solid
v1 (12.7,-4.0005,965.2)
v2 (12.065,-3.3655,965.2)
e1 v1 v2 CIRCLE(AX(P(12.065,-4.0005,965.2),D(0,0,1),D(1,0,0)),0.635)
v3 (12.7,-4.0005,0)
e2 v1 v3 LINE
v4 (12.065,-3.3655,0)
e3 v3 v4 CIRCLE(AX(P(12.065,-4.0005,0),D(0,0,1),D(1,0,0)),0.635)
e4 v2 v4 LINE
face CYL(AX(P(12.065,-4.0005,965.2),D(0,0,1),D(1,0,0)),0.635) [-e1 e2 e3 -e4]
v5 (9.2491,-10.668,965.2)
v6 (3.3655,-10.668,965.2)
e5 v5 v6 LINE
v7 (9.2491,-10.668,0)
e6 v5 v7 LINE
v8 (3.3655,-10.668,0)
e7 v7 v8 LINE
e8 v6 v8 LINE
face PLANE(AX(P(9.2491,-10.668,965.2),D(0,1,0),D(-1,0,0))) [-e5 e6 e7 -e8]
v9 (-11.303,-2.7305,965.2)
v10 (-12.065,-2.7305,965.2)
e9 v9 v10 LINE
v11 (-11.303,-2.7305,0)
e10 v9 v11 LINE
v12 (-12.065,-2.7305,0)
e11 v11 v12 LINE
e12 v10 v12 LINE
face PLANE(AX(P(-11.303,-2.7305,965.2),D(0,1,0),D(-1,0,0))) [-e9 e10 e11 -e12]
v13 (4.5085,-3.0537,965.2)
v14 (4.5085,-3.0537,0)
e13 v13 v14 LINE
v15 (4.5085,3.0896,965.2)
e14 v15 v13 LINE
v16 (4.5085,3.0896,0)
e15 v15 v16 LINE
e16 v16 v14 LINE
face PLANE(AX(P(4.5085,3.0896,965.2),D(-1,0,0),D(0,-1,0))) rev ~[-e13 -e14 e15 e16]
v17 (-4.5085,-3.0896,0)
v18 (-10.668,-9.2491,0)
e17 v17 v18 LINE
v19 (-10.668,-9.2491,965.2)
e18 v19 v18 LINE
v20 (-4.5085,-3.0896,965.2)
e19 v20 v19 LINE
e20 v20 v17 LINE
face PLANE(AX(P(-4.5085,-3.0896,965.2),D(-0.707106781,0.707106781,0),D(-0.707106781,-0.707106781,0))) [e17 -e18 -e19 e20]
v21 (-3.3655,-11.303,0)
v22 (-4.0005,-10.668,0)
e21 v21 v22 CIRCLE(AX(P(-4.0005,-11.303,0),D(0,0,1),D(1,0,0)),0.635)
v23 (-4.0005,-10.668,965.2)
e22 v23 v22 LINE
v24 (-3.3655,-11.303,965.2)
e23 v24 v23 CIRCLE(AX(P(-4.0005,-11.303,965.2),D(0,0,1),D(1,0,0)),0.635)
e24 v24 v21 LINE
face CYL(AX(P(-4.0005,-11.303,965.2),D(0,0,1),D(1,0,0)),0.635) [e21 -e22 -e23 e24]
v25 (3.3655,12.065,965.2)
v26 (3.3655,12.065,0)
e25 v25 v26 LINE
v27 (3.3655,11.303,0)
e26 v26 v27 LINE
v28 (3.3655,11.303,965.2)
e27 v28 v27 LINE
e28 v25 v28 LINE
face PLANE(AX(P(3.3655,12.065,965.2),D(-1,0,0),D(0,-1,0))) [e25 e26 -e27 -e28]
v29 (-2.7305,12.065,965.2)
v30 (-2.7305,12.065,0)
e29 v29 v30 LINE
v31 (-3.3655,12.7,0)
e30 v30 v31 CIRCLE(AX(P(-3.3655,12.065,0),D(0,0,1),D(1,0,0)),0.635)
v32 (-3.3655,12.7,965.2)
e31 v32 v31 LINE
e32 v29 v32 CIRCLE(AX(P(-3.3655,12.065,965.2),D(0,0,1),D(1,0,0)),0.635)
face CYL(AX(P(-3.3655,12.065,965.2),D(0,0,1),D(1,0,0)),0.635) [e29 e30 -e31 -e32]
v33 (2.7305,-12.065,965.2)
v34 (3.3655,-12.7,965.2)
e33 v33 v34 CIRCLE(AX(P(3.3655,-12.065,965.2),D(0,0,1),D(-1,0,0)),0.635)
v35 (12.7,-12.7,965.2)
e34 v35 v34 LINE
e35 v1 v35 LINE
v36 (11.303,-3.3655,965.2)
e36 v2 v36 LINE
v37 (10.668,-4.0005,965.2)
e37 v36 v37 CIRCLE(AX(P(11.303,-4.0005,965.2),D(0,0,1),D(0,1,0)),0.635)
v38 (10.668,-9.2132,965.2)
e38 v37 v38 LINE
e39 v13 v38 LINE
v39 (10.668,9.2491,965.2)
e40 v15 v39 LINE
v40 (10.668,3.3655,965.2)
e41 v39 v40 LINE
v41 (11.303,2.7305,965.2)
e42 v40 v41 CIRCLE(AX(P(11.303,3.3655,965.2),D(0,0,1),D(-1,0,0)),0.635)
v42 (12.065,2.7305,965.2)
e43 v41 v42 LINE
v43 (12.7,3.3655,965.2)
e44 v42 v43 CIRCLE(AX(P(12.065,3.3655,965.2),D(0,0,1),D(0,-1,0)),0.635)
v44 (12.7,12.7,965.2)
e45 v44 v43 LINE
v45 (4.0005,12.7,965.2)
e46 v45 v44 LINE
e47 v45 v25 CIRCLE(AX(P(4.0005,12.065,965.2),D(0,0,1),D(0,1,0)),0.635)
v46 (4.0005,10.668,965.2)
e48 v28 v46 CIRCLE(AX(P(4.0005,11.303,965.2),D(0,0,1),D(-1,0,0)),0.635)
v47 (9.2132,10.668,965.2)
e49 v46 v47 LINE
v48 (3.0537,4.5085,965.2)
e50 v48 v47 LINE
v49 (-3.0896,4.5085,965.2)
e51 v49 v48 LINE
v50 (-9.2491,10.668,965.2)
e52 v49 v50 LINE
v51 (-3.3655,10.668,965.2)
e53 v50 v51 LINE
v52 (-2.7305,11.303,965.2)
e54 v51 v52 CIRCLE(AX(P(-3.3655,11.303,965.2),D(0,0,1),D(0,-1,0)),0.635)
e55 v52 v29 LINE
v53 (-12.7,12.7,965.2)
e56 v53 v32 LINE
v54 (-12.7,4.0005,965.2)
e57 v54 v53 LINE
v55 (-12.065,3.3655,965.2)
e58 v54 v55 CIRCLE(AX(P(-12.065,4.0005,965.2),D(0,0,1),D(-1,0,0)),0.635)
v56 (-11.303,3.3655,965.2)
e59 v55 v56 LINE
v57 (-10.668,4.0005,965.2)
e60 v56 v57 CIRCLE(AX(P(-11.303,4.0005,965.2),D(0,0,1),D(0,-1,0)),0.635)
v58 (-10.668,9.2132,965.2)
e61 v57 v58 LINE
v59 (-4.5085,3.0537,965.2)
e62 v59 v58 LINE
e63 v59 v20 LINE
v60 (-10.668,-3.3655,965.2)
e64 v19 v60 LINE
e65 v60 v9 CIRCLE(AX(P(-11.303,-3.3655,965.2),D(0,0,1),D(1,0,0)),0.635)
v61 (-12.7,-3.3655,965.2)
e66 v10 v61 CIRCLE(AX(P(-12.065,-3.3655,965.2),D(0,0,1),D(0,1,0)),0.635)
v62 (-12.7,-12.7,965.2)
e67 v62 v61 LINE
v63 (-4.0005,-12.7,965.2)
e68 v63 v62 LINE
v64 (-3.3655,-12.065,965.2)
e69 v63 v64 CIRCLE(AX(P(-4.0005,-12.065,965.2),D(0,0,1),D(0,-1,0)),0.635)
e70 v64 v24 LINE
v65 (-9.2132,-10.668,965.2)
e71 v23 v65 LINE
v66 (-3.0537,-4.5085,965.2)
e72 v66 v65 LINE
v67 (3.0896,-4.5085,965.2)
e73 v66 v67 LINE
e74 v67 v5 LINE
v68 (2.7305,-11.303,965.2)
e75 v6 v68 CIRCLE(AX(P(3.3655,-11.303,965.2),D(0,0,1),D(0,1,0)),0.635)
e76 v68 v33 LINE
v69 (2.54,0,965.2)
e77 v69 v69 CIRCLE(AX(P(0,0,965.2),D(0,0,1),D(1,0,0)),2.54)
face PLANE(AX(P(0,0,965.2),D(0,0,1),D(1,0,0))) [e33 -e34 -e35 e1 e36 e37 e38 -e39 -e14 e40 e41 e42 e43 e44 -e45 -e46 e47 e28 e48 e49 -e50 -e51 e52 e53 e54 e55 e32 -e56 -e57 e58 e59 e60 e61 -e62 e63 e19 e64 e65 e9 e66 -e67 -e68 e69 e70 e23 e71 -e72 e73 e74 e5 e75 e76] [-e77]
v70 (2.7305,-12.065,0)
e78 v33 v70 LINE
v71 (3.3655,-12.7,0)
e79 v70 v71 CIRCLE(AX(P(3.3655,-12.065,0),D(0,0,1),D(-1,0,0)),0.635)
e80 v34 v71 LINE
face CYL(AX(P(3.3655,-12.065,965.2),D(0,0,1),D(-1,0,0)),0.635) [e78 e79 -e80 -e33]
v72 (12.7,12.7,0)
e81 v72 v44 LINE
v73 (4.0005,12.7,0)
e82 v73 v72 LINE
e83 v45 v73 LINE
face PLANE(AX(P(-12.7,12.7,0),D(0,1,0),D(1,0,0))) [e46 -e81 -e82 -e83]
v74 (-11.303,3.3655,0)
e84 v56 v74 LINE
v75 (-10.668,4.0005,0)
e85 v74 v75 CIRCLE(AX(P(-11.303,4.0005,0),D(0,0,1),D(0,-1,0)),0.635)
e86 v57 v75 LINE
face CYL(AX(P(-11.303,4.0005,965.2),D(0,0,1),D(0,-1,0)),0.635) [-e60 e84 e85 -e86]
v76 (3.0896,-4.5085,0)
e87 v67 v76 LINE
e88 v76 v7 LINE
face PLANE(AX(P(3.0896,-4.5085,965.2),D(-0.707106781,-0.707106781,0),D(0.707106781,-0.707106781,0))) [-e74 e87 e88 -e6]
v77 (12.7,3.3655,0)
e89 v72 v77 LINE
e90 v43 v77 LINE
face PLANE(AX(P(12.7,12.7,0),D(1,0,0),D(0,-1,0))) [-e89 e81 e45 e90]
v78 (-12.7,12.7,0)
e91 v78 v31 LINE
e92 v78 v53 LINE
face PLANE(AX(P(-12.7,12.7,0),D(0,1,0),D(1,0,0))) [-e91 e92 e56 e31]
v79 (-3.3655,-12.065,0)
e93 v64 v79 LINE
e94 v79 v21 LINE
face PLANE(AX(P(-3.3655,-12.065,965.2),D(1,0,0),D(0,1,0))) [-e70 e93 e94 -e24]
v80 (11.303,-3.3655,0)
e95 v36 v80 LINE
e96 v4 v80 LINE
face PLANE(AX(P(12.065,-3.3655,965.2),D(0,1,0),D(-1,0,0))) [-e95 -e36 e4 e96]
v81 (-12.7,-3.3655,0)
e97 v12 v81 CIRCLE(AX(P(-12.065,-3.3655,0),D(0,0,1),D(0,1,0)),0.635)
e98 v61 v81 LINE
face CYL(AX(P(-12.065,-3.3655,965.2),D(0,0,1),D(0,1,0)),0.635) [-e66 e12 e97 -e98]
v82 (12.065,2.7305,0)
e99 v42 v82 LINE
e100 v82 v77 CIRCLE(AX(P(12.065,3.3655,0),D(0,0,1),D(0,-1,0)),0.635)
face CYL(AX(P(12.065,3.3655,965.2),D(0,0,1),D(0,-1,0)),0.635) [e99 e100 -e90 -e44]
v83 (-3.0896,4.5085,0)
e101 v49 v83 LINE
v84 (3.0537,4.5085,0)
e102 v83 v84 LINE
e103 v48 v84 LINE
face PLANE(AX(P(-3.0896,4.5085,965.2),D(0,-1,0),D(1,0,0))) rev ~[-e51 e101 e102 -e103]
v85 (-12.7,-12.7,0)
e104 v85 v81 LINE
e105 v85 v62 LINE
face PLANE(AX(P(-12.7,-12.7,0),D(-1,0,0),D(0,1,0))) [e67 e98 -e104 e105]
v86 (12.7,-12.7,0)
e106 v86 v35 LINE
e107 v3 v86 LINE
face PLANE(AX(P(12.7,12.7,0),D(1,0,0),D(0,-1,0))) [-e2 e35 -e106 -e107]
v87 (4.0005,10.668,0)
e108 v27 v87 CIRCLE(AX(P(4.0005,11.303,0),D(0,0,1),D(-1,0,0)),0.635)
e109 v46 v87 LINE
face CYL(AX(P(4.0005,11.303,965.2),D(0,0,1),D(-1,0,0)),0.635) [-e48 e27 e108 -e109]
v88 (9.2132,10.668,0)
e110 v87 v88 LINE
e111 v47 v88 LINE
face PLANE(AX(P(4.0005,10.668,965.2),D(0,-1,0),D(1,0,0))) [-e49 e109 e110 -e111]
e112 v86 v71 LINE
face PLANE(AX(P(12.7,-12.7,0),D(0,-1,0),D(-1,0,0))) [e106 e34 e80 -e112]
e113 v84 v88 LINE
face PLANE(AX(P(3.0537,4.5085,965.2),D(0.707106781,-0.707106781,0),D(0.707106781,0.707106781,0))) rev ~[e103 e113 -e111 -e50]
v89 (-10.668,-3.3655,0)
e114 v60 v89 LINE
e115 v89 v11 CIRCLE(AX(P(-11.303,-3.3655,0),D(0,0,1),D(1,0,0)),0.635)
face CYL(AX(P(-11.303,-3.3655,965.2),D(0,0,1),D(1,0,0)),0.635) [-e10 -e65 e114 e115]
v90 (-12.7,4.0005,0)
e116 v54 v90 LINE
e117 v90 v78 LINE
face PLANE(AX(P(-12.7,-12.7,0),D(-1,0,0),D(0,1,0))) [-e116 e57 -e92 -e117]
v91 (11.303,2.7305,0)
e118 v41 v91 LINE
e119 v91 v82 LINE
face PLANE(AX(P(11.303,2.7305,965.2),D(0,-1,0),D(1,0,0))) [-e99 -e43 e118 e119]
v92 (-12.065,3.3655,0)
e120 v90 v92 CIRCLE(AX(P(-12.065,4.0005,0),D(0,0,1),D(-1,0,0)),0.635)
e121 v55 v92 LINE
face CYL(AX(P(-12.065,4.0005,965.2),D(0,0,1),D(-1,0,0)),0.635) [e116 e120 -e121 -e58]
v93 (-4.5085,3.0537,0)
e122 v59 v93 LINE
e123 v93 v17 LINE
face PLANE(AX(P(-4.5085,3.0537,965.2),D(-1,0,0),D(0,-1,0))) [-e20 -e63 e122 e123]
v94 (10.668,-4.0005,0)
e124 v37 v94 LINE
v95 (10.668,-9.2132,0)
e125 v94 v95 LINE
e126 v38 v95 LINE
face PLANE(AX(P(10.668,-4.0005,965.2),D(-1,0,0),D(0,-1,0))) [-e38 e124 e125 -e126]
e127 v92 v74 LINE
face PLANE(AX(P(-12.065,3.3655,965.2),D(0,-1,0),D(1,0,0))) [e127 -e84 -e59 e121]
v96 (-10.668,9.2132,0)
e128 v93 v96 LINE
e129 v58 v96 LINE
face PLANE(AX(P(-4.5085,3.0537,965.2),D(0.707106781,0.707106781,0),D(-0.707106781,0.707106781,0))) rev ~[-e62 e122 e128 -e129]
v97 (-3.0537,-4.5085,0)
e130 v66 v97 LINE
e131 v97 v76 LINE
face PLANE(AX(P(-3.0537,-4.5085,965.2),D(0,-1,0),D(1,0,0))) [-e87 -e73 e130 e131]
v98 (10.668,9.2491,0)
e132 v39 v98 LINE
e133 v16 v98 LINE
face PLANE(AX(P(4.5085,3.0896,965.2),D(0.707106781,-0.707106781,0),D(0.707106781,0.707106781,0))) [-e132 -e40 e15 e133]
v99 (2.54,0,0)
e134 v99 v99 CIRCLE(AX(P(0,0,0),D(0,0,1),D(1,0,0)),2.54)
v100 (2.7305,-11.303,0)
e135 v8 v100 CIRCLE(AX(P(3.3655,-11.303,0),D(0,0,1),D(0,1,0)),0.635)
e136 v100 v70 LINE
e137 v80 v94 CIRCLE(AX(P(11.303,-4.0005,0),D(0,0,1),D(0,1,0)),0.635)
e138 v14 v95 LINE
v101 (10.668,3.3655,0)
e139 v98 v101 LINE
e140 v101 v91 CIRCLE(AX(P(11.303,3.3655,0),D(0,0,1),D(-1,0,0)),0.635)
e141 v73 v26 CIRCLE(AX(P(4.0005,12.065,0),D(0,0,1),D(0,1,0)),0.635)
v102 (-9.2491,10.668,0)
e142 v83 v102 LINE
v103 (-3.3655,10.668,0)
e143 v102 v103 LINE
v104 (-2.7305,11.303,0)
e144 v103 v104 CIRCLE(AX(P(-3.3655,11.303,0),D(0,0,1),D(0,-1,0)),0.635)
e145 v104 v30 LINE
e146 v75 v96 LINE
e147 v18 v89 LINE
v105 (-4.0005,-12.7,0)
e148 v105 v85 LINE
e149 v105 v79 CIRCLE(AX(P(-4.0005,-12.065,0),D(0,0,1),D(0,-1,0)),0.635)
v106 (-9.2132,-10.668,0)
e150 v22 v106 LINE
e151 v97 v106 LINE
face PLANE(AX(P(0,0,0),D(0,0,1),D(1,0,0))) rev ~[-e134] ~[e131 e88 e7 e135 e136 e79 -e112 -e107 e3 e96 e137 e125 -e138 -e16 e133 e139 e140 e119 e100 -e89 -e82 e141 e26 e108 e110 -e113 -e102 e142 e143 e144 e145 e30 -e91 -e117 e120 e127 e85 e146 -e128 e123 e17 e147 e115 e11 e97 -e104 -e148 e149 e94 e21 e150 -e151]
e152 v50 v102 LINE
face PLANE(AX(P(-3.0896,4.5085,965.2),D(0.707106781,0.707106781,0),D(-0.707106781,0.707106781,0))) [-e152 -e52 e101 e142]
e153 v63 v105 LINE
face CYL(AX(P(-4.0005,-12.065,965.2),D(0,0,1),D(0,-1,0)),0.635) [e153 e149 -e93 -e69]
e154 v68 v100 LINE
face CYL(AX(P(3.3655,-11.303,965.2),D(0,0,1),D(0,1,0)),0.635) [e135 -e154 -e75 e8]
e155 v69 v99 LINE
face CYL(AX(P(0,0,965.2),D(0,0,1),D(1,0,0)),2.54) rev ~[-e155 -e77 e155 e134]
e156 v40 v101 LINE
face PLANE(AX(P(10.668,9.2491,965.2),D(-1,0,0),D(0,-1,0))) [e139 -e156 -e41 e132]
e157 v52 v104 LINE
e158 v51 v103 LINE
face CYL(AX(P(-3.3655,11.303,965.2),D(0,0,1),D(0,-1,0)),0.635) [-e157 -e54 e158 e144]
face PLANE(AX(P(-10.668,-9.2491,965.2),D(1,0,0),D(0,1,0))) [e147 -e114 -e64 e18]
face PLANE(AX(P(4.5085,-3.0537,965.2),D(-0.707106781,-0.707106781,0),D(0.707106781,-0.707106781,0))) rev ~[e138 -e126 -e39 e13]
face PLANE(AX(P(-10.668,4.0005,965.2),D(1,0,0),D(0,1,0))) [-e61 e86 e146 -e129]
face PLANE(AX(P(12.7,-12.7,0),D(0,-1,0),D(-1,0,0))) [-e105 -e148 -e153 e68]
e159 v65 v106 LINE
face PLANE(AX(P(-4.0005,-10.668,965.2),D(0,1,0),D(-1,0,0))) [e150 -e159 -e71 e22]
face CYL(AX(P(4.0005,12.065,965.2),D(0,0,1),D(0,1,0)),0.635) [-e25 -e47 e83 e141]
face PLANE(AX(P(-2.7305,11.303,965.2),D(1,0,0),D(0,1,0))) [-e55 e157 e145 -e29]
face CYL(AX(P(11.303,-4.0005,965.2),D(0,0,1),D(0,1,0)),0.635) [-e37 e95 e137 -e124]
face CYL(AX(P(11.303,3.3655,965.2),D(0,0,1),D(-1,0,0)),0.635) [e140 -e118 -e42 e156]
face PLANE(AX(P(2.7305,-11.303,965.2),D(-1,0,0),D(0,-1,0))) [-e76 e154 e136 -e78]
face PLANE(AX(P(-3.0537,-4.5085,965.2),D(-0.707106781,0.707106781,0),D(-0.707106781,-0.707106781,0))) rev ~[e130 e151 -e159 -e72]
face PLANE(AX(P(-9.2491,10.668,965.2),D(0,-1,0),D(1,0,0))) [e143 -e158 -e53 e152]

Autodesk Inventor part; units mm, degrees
ref_plane "YZ Plane" through (0, 0, 0) normal (1, 0, 0) x (0, 1, 0)
ref_plane "XZ Plane" through (0, 0, 0) normal (0, 1, 0) x (-1, 0, 0)
ref_plane "XY Plane" through (0, 0, 0) normal (0, 0, 1) x (1, 0, 0)
sketch "Sketch1" plane through (0, 0, 0) normal (0, 0, 1) x (1, 0, 0)
  line L0 (-12.7, 12.7) -> (12.7, 12.7)
  line L1 (12.7, 12.7) -> (12.7, -12.7)
  line L2 (12.7, -12.7) -> (-12.7, -12.7)
  line L3 (-12.7, -12.7) -> (-12.7, 12.7)
  point P0 (0, 0)
  dimension "d0" = 25.4
  dimension "d1" = 25.4
  dimension "d2" = 12.7
  dimension "d3" = 12.7
extrude "Extrusion1" add sketch "Sketch1" along normal blind 965.2
sketch "Sketch2" plane through (0, 0, 965.2) normal (0, 0, 1) x (1, 0, 0)
  circle A0 centre (0, 0) radius 2.54
  line L0 (-4.5085, 4.5085) -> (4.5085, 4.5085)
  line L1 (-4.5085, -4.5085) -> (4.5085, -4.5085)
  line L2 (4.5085, 4.5085) -> (4.5085, -4.5085)
  line L3 (-4.5085, 4.5085) -> (-4.5085, -4.5085)
  line L4 (-3.0896, 4.5085) -> (-11.2811, 12.7)
  line L5 (-4.5085, 3.0537) -> (-12.7, 11.2452)
  line L6 (12.7, 12.7) -> (-12.7, 12.7) projected
  line L7 (-12.7, 12.7) -> (-12.7, 4.0005)
  line L8 (-10.668, 4.0005) -> (-10.668, 9.2132)
  line L9 (-9.2491, 10.668) -> (-3.3655, 10.668)
  line L10 (-12.7, 12.7) -> (-3.3655, 12.7)
  line L11 (-2.7305, 11.303) -> (-2.7305, 12.065)
  line L12 (-12.065, 3.3655) -> (-11.303, 3.3655)
  arc A1 (-12.7, 4.0005) -> (-12.065, 3.3655) centre (-12.065, 4.0005) ccw
  arc A2 (-11.303, 3.3655) -> (-10.668, 4.0005) centre (-11.303, 4.0005) ccw
  arc A3 (-3.3655, 10.668) -> (-2.7305, 11.303) centre (-3.3655, 11.303) ccw
  arc A4 (-2.7305, 12.065) -> (-3.3655, 12.7) centre (-3.3655, 12.065) ccw
  arc A5 (-3.3655, -11.303) -> (-4.0005, -10.668) centre (-4.0005, -11.303) ccw
  line L13 (-3.3655, -12.065) -> (-3.3655, -11.303)
  arc A6 (-4.0005, -12.7) -> (-3.3655, -12.065) centre (-4.0005, -12.065) ccw
  line L14 (-3.0537, -4.5085) -> (-11.2452, -12.7)
  line L15 (-10.668, -9.2491) -> (-10.668, -3.3655)
  line L16 (-4.5085, -3.0896) -> (-12.7, -11.2811)
  line L17 (-12.7, -12.7) -> (-12.7, -3.3655)
  arc A7 (-10.668, -3.3655) -> (-11.303, -2.7305) centre (-11.303, -3.3655) ccw
  line L18 (-11.303, -2.7305) -> (-12.065, -2.7305)
  arc A8 (-12.065, -2.7305) -> (-12.7, -3.3655) centre (-12.065, -3.3655) ccw
  line L19 (-4.0005, -10.668) -> (-9.2132, -10.668)
  line L20 (-12.7, -12.7) -> (-4.0005, -12.7)
  arc A9 (11.303, -3.3655) -> (10.668, -4.0005) centre (11.303, -4.0005) ccw
  line L21 (12.065, -3.3655) -> (11.303, -3.3655)
  arc A10 (12.7, -4.0005) -> (12.065, -3.3655) centre (12.065, -4.0005) ccw
  line L22 (4.5085, -3.0537) -> (12.7, -11.2452)
  line L23 (9.2491, -10.668) -> (3.3655, -10.668)
  line L24 (3.0896, -4.5085) -> (11.2811, -12.7)
  line L25 (12.7, -12.7) -> (3.3655, -12.7)
  arc A11 (3.3655, -10.668) -> (2.7305, -11.303) centre (3.3655, -11.303) ccw
  line L26 (2.7305, -11.303) -> (2.7305, -12.065)
  arc A12 (2.7305, -12.065) -> (3.3655, -12.7) centre (3.3655, -12.065) ccw
  line L27 (10.668, -4.0005) -> (10.668, -9.2132)
  line L28 (12.7, -12.7) -> (12.7, -4.0005)
  arc A13 (3.3655, 11.303) -> (4.0005, 10.668) centre (4.0005, 11.303) ccw
  line L29 (3.3655, 12.065) -> (3.3655, 11.303)
  arc A14 (4.0005, 12.7) -> (3.3655, 12.065) centre (4.0005, 12.065) ccw
  line L30 (3.0537, 4.5085) -> (11.2452, 12.7)
  line L31 (10.668, 9.2491) -> (10.668, 3.3655)
  line L32 (4.5085, 3.0896) -> (12.7, 11.2811)
  line L33 (12.7, 12.7) -> (12.7, 3.3655)
  arc A15 (10.668, 3.3655) -> (11.303, 2.7305) centre (11.303, 3.3655) ccw
  line L34 (11.303, 2.7305) -> (12.065, 2.7305)
  arc A16 (12.065, 2.7305) -> (12.7, 3.3655) centre (12.065, 3.3655) ccw
  line L35 (4.0005, 10.668) -> (9.2132, 10.668)
  line L36 (12.7, 12.7) -> (4.0005, 12.7)
  line L37 (-4.5085, 3.0537) -> (-4.5085, 4.5085)
  line L38 (-3.0896, 4.5085) -> (-4.5085, 4.5085)
  line L39 (-12.7, -12.7) -> (-4.0005, -12.7)
  line L40 (-4.0005, -10.668) -> (-9.2132, -10.668)
  line L41 (-10.668, -9.2491) -> (-10.668, -3.3655)
  line L42 (-12.7, -12.7) -> (-12.7, -3.3655)
  line L43 (-11.303, -2.7305) -> (-12.065, -2.7305)
  arc A17 (-10.668, -3.3655) -> (-11.303, -2.7305) centre (-11.303, -3.3655) ccw
  arc A18 (-12.065, -2.7305) -> (-12.7, -3.3655) centre (-12.065, -3.3655) ccw
  line L44 (-4.5085, -3.0896) -> (-4.5085, -4.5085)
  line L45 (-4.5085, -3.0896) -> (-12.7, -11.2811)
  line L46 (-3.0537, -4.5085) -> (-4.5085, -4.5085)
  line L47 (-3.0537, -4.5085) -> (-11.2452, -12.7)
  line L48 (-4.5085, -4.5085) -> (-4.5085, 4.5085)
  circle A19 centre (0, 0) radius 2.54
  line L49 (-4.5085, -4.5085) -> (4.5085, -4.5085)
  line L50 (-3.3655, -12.065) -> (-3.3655, -11.303)
  arc A20 (-4.0005, -12.7) -> (-3.3655, -12.065) centre (-4.0005, -12.065) ccw
  arc A21 (-3.3655, -11.303) -> (-4.0005, -10.668) centre (-4.0005, -11.303) ccw
  line L51 (12.7, -12.7) -> (12.7, -4.0005)
  line L52 (10.668, -4.0005) -> (10.668, -9.2132)
  line L53 (9.2491, -10.668) -> (3.3655, -10.668)
  line L54 (12.7, -12.7) -> (3.3655, -12.7)
  line L55 (2.7305, -11.303) -> (2.7305, -12.065)
  arc A22 (3.3655, -10.668) -> (2.7305, -11.303) centre (3.3655, -11.303) ccw
  arc A23 (2.7305, -12.065) -> (3.3655, -12.7) centre (3.3655, -12.065) ccw
  line L56 (3.0896, -4.5085) -> (4.5085, -4.5085)
  line L57 (3.0896, -4.5085) -> (11.2811, -12.7)
  line L58 (4.5085, -3.0537) -> (4.5085, -4.5085)
  line L59 (4.5085, -3.0537) -> (12.7, -11.2452)
  line L60 (4.5085, -4.5085) -> (-4.5085, -4.5085)
  circle A24 centre (0, 0) radius 2.54
  line L61 (4.5085, -4.5085) -> (4.5085, 4.5085)
  line L62 (12.065, -3.3655) -> (11.303, -3.3655)
  arc A25 (12.7, -4.0005) -> (12.065, -3.3655) centre (12.065, -4.0005) ccw
  arc A26 (11.303, -3.3655) -> (10.668, -4.0005) centre (11.303, -4.0005) ccw
  line L63 (12.7, 12.7) -> (4.0005, 12.7)
  line L64 (4.0005, 10.668) -> (9.2132, 10.668)
  line L65 (10.668, 9.2491) -> (10.668, 3.3655)
  line L66 (12.7, 12.7) -> (12.7, 3.3655)
  line L67 (11.303, 2.7305) -> (12.065, 2.7305)
  arc A27 (10.668, 3.3655) -> (11.303, 2.7305) centre (11.303, 3.3655) ccw
  arc A28 (12.065, 2.7305) -> (12.7, 3.3655) centre (12.065, 3.3655) ccw
  line L68 (4.5085, 3.0896) -> (4.5085, 4.5085)
  line L69 (4.5085, 3.0896) -> (12.7, 11.2811)
  line L70 (3.0537, 4.5085) -> (4.5085, 4.5085)
  line L71 (3.0537, 4.5085) -> (11.2452, 12.7)
  line L72 (4.5085, 4.5085) -> (4.5085, -4.5085)
  circle A29 centre (0, 0) radius 2.54
  line L73 (4.5085, 4.5085) -> (-4.5085, 4.5085)
  line L74 (3.3655, 12.065) -> (3.3655, 11.303)
  arc A30 (4.0005, 12.7) -> (3.3655, 12.065) centre (4.0005, 12.065) ccw
  arc A31 (3.3655, 11.303) -> (4.0005, 10.668) centre (4.0005, 11.303) ccw
  point P0 (-12.7, 3.3655)
  point P1 (-2.7305, 12.7)
  point P2 (-3.3655, -12.7)
  point P3 (-12.7, -2.7305)
  point P4 (12.7, -3.3655)
  point P5 (2.7305, -12.7)
  point P6 (3.3655, 12.7)
  point P7 (12.7, 2.7305)
  point P8 (-3.3655, -12.7)
  point P9 (-12.7, -2.7305)
  point P10 (12.7, -3.3655)
  point P11 (2.7305, -12.7)
  point P12 (3.3655, 12.7)
  point P13 (12.7, 2.7305)
  dimension "d6" = 5.08
  dimension "d7" = 9.017
  dimension "d8" = 4.5085
  dimension "d9" = 4.5085
  dimension "d10" = 4.5085
  dimension "d11" = 2.032
  dimension "d12" = 1.0033
  dimension "d13" = 135
  dimension "d17" = 9.3345
  dimension "d19" = 2.032
  dimension "d20" = 2.032
  dimension "d21" = 0.635
  dimension "d22" = 9.3345
  dimension "d25" = 360
  dimension "d29" = 360
extrude "Extrusion2" cut sketch "Sketch2" against normal blind 1219.2 contours L3 L5 L7 L6 L4 L0 | L0 L2 L1 L3 | L30 L6 L33 L32 L2 L0 | L4 L6 A4 L11 A3 L9 | L3 L1 L14 L20 L17 L16 | L8 A2 L12 A1 L7 L5 | L35 A13 L29 A14 L6 L30 | L16 L17 A8 L18 A7 L15 | L22 L28 L25 L24 L1 L2 | L32 L33 A16 L34 A15 L31 | L19 A5 L13 A6 L20 L14 | L27 A9 L21 A10 L28 L22 | L24 L25 A12 L26 A11 L23 keep common part
equation "\"d22\" = d17"
properties part number "10.75 in 80-20 extrusion"
